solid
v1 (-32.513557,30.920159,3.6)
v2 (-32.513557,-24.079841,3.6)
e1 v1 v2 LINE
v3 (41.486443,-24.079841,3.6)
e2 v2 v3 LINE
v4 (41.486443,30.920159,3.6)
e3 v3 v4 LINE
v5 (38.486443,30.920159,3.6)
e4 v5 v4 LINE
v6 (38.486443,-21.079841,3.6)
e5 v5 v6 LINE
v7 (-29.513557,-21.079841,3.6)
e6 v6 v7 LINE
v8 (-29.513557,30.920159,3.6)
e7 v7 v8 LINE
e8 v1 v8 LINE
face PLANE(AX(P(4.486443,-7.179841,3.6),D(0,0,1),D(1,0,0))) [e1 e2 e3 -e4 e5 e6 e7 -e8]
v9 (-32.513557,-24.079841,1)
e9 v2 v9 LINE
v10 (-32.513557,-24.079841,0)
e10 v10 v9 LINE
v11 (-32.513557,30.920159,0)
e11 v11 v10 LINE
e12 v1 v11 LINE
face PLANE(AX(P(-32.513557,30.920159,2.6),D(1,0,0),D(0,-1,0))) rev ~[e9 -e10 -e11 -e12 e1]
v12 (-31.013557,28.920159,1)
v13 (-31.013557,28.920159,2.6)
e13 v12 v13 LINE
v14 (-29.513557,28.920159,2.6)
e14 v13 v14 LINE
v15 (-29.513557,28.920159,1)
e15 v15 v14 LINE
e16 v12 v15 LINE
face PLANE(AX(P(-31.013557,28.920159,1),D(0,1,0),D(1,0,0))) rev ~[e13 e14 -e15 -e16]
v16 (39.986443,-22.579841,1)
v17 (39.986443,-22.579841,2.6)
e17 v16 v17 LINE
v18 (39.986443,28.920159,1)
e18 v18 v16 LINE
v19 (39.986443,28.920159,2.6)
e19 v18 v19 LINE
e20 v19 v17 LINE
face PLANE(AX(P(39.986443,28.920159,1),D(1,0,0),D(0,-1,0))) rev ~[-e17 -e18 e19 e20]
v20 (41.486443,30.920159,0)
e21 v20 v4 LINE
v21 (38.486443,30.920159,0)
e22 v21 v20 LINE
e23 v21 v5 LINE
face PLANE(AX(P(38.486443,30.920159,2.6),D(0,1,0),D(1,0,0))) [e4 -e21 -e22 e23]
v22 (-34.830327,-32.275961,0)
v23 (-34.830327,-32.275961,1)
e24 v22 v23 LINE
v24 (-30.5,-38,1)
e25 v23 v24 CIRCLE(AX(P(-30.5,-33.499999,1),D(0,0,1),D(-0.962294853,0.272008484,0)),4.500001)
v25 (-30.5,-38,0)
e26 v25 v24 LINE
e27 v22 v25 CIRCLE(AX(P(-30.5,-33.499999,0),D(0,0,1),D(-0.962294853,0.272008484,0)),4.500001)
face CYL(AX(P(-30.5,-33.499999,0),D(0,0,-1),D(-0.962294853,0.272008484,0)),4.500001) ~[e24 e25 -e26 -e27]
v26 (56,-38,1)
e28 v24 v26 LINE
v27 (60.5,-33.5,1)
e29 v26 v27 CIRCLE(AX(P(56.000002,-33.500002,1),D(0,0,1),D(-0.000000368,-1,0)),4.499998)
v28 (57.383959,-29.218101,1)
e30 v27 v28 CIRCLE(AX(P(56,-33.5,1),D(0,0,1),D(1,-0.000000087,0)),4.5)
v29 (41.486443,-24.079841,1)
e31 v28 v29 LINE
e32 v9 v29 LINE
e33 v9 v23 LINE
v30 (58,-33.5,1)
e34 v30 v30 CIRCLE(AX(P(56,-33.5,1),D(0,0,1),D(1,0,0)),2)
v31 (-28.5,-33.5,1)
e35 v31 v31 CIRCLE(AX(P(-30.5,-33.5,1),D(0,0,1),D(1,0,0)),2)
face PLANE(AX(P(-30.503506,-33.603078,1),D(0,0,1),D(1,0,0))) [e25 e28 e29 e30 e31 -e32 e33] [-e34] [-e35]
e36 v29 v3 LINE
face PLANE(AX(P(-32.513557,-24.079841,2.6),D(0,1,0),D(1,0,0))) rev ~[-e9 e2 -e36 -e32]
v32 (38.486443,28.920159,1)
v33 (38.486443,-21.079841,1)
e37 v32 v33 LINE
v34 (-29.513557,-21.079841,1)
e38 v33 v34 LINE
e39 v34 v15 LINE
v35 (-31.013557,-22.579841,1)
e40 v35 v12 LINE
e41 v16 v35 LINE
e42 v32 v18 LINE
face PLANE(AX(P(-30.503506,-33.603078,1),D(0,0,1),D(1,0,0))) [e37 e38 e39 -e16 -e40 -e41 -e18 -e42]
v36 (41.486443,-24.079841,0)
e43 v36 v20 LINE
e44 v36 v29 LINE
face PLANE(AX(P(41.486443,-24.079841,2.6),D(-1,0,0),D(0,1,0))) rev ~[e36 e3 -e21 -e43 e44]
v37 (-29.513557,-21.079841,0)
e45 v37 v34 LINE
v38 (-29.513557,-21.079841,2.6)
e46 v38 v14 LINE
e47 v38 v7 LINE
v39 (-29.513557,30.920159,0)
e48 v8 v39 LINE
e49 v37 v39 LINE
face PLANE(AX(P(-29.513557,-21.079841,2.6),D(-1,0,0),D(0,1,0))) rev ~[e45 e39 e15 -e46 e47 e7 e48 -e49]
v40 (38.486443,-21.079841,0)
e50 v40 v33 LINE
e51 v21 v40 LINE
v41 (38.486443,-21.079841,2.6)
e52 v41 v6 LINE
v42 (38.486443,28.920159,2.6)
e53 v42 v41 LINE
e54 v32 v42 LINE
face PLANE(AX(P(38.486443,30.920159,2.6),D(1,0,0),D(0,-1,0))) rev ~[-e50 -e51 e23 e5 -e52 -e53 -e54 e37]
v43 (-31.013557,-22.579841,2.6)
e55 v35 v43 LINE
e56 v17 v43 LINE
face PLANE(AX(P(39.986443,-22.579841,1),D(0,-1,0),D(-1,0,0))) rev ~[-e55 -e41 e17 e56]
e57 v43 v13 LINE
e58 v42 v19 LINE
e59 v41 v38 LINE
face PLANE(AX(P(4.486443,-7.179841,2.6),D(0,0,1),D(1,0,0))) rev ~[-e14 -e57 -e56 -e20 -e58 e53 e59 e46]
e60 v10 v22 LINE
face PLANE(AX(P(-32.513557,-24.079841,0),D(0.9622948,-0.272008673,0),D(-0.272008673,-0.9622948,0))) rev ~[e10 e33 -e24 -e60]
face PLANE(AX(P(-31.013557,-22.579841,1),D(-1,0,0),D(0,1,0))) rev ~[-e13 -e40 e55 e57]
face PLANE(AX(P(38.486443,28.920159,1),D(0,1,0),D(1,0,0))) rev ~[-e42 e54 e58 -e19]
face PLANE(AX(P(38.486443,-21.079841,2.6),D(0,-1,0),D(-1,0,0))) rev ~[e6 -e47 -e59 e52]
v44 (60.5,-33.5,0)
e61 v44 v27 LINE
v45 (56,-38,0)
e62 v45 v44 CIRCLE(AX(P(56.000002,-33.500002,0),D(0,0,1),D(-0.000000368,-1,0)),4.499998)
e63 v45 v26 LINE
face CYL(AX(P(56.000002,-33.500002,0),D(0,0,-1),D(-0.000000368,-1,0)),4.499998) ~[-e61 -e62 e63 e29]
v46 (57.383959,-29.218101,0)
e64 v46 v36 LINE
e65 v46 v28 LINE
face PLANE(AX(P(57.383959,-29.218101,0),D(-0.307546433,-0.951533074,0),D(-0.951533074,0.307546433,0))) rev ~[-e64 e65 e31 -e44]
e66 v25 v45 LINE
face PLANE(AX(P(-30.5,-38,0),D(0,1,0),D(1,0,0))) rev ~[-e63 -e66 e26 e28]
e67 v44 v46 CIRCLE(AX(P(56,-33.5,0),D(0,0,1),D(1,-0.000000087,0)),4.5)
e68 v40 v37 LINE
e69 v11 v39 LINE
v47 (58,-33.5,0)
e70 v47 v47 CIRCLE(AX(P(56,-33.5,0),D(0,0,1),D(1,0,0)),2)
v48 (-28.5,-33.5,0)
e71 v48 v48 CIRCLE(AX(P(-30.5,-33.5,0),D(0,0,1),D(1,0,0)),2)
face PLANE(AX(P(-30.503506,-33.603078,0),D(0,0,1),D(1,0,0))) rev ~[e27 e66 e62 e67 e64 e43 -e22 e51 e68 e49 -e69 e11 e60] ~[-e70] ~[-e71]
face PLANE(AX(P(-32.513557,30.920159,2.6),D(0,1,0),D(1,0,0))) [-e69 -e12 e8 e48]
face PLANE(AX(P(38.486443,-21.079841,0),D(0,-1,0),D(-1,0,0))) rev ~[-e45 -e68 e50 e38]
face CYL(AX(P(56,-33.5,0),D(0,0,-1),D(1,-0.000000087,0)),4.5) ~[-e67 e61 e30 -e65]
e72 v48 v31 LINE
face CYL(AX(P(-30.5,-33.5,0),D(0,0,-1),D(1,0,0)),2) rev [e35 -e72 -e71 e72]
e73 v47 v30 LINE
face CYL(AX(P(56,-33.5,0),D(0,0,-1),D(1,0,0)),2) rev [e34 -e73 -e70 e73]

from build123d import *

# Parameters (mm, degrees)
F1_R     = 2
F1_W     = 3
F1_H     = 3
F6_DEPTH = 1
F7_DEPTH = 1.6
F5_W     = 3
F5_H     = 3
F8_DEPTH = 1


with BuildPart() as f6:
    # F1 (on Top) → F6 (new body, through all)
    with BuildSketch(Plane.XY):
        with BuildLine():
            ThreePointArc((-30.5, -38), (-27.318019, -36.681981), (-26, -33.5))
            ThreePointArc((-26, -33.5), (-29.882129, -29.04262), (-34.830327, -32.275961))
            ThreePointArc((-34.830327, -32.275961), (-34.088744, -36.214943), (-30.5, -38))
        make_face()
        with Locations((-30.5, -33.5)):
            Circle(F1_R, mode=Mode.SUBTRACT)
        with BuildLine():
            ThreePointArc((-34.830327, -32.275961), (-29.882129, -29.04262), (-26, -33.5))
            ThreePointArc((-26, -33.5), (-27.318019, -36.681981), (-30.5, -38))
            Line((-30.5, -38), (56, -38))
            ThreePointArc((56, -38), (51.55486, -32.79948), (57.383959, -29.218101))
            Line((57.383959, -29.218101), (41.486443, -24.079841))
            Line((41.486443, -24.079841), (-32.513557, -24.079841))
            Line((-32.513557, -24.079841), (-34.830327, -32.275961))
        make_face()
        Polygon((-32.513557, 27.920159), (-32.513557, -24.079841), (41.486443, -24.079841), (41.486443, 27.920159), (38.486443, 27.920159), (38.486443, -21.079841), (-29.513557, -21.079841), (-29.513557, 27.920159), align=None)
        with BuildLine():
            ThreePointArc((57.383959, -29.218101), (51.55486, -32.79948), (56, -38))
            ThreePointArc((56, -38), (59.181981, -36.681981), (60.5, -33.5))
            ThreePointArc((60.5, -33.5), (59.638531, -30.852153), (57.383959, -29.218101))
        make_face()
        with Locations((56, -33.5)):
            Circle(F1_R, mode=Mode.SUBTRACT)
        with Locations((-31.013557, 29.420159)):
            Rectangle(F1_W, F1_H)
        with Locations((39.986443, 29.420159)):
            Rectangle(F1_W, F1_H)
    extrude(amount=F6_DEPTH)

    # F3 (on offset) → F7 (join, through all)
    with BuildSketch(Plane.XY.offset(1)):
        Polygon((-31.013557, 27.920159), (-32.513557, 27.920159), (-32.513557, -24.079841), (41.486443, -24.079841), (41.486443, 27.920159), (39.986443, 27.920159), (39.986443, -22.579841), (-31.013557, -22.579841), align=None)
        Polygon((-32.513557, 30.920159), (-32.513557, 27.920159), (-31.013557, 27.920159), (-31.013557, 28.920159), (-29.513557, 28.920159), (-29.513557, 30.920159), align=None)
        Polygon((39.986443, 27.920159), (41.486443, 27.920159), (41.486443, 30.920159), (38.486443, 30.920159), (38.486443, 28.920159), (39.986443, 28.920159), align=None)
    extrude(amount=F7_DEPTH)

    # F5 (on offset) → F8 (join)
    with BuildSketch(Plane.XY.offset(2.6)):
        Polygon((-29.513557, 27.920159), (-32.513557, 27.920159), (-32.513557, -24.079841), (41.486443, -24.079841), (41.486443, 27.920159), (38.486443, 27.920159), (38.486443, -21.079841), (-29.513557, -21.079841), align=None)
        with Locations((-31.013557, 29.420159)):
            Rectangle(F5_W, F5_H)
        with Locations((39.986443, 29.420159)):
            Rectangle(F5_W, F5_H)
    extrude(amount=F8_DEPTH)


solid = f6.part
